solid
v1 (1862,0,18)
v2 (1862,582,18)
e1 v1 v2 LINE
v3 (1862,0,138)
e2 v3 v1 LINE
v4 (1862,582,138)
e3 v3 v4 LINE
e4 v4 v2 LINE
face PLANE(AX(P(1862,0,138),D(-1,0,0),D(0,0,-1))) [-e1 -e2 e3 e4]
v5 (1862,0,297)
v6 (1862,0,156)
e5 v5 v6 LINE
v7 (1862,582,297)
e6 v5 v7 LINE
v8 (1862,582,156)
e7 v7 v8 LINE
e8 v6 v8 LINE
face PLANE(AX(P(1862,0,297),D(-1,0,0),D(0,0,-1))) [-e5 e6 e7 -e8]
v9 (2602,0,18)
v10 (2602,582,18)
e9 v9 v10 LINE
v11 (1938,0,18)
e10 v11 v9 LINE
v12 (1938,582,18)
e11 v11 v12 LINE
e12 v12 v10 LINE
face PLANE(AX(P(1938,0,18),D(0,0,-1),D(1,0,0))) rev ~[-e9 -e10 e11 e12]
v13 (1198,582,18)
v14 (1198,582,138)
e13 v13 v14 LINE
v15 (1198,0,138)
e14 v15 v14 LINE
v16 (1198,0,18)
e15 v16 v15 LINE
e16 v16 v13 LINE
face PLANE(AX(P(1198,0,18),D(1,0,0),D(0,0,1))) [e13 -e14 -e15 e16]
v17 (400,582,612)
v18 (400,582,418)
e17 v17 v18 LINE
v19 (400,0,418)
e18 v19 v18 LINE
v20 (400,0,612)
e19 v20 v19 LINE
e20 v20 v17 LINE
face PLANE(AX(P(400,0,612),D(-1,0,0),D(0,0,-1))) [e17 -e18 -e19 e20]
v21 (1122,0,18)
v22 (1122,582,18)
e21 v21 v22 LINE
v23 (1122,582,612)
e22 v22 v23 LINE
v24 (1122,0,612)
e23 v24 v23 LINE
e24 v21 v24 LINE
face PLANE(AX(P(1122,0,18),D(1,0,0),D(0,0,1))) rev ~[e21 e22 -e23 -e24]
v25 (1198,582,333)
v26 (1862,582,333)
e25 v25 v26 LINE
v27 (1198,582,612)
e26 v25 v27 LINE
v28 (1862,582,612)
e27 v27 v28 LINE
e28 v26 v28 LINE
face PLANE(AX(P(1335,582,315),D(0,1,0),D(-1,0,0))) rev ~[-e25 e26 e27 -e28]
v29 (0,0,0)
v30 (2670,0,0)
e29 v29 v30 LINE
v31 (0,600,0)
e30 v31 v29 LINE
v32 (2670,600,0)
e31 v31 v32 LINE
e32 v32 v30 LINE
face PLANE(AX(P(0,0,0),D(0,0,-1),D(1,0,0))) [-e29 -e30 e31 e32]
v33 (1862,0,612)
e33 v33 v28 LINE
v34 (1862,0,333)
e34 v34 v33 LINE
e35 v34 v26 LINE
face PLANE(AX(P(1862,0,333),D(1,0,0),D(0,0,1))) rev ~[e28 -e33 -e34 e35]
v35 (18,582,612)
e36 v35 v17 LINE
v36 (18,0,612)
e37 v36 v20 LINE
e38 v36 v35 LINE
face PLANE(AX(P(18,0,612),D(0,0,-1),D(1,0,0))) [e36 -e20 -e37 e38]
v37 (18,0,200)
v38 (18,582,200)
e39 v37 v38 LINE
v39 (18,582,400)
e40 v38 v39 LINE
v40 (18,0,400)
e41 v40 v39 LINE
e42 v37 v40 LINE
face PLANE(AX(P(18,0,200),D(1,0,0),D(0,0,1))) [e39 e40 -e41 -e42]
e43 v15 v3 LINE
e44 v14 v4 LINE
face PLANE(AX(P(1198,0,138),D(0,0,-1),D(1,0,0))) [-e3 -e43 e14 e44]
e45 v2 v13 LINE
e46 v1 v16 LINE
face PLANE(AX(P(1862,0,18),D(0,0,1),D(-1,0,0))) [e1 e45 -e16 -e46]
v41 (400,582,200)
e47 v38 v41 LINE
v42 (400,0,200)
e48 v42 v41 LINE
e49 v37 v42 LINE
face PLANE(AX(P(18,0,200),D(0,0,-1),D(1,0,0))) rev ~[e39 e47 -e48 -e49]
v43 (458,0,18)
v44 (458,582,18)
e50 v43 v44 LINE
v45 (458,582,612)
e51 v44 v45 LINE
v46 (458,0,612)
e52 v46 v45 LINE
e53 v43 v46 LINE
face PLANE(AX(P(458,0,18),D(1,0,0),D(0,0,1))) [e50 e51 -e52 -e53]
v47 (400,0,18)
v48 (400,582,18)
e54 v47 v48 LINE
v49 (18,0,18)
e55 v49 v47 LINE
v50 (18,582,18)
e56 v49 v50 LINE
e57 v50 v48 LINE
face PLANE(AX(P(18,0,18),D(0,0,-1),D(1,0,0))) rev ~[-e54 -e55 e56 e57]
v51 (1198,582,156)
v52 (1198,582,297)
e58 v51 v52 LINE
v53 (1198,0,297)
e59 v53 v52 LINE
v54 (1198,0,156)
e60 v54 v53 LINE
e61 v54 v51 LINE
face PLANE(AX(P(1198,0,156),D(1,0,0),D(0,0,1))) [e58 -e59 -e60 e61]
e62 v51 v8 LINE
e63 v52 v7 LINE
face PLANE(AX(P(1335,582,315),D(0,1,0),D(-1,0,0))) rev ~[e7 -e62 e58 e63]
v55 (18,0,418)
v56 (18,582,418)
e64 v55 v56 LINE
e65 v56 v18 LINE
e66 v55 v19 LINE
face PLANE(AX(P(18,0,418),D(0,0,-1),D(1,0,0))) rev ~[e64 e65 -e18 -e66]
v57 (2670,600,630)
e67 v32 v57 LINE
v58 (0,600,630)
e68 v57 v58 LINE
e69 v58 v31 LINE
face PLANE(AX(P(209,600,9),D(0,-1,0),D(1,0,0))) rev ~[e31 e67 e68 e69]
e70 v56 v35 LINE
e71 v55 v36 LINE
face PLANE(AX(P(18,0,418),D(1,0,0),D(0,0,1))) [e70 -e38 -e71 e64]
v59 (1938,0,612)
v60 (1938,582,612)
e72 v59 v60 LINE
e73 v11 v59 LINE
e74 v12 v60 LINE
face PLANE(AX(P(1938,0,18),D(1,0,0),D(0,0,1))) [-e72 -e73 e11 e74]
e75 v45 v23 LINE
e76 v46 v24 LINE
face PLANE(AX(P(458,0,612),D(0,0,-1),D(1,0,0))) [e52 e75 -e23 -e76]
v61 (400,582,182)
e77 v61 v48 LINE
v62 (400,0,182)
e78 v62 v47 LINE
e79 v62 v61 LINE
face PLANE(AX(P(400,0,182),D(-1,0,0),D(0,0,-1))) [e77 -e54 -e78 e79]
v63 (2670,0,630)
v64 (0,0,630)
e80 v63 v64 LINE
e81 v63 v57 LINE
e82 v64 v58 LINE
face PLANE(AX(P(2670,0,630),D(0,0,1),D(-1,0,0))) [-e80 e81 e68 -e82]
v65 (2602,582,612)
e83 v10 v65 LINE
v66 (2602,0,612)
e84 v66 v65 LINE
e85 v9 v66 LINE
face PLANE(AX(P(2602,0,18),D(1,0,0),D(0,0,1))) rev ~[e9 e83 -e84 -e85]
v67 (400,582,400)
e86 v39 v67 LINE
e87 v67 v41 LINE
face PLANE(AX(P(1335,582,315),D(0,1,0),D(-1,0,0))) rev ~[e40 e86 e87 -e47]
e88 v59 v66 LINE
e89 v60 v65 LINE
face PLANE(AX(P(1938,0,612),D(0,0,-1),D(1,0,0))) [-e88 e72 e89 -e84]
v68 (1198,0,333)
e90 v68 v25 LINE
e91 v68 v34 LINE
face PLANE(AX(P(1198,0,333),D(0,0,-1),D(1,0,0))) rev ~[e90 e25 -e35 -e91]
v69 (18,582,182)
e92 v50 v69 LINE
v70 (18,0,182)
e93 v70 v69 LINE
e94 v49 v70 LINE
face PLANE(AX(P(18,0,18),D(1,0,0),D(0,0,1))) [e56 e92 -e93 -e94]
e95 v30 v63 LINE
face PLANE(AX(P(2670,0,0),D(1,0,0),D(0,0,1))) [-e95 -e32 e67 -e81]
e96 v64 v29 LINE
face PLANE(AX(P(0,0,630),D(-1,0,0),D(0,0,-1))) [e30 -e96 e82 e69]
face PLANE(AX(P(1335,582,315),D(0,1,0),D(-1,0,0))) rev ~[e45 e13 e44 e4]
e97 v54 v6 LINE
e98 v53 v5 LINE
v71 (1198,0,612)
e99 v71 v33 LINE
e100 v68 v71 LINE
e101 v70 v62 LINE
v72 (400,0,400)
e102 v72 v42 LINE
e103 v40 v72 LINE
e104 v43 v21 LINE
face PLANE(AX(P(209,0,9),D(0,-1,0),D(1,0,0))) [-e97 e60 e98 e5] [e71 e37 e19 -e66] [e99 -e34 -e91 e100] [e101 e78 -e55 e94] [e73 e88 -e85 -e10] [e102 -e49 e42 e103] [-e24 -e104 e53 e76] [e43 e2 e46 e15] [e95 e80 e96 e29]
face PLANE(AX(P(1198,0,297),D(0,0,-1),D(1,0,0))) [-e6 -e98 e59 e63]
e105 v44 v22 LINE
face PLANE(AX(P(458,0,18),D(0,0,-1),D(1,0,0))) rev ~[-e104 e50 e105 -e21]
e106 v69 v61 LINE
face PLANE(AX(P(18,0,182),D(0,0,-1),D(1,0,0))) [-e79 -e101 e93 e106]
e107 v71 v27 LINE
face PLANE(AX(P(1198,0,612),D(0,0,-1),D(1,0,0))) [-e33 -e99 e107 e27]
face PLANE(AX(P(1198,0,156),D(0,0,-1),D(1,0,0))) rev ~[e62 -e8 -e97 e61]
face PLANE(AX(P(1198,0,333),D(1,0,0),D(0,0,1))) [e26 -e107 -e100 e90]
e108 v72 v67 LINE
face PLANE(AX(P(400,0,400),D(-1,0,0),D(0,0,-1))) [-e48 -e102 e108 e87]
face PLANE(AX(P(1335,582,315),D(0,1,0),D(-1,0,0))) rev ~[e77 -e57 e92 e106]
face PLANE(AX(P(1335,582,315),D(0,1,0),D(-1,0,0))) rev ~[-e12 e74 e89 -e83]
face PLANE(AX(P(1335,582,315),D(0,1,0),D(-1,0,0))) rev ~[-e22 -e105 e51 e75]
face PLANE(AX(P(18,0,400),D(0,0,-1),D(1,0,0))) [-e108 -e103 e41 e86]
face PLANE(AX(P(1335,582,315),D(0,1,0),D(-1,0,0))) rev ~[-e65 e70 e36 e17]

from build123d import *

# Parameters (mm, degrees)
F0_W     = 382
F0_H     = 18
F0_W_2   = 700
F0_H_2   = 630
F0_W_3   = 664
F0_H_3   = 594
F0_H_4   = 315
F0_H_5   = 279
F0_W_4   = 50
F1_DEPTH = 600
F2_W     = 2670
F2_H     = 630
F3_DEPTH = 18


with BuildPart() as f1:
    # F0 (on Front) → F1 (new body)
    with BuildSketch(Plane.XZ):
        with Locations((209, 9)):
            Rectangle(F0_W, F0_H)
        Polygon((0, 630), (0, 0), (18, 0), (18, 18), (18, 182), (18, 200), (18, 400), (18, 418), (18, 612), (400, 612), (400, 418), (400, 400), (400, 200), (400, 182), (400, 18), (400, 0), (440, 0), (440, 630), (400, 630), align=None)
        with Locations((790, 315)):
            Rectangle(F0_W_2, F0_H_2)
        with Locations((790, 315)):
            Rectangle(F0_W_3, F0_H_3, mode=Mode.SUBTRACT)
        Polygon((1140, 630), (1140, 0), (1180, 0), (1180, 315), (1180, 630), align=None)
        with Locations((1530, 472.5)):
            Rectangle(F0_W_2, F0_H_4)
        with Locations((1530, 472.5)):
            Rectangle(F0_W_3, F0_H_5, mode=Mode.SUBTRACT)
        with Locations((1530, 157.5)):
            Rectangle(F0_W_2, F0_H_4)
        Polygon((1198, 297), (1862, 297), (1862, 156), (1862, 138), (1862, 18), (1198, 18), (1198, 138), (1198, 156), align=None, mode=Mode.SUBTRACT)
        Polygon((1880, 315), (1880, 0), (1920, 0), (1920, 315), (1920, 630), (1880, 630), align=None)
        Polygon((1920, 315), (1920, 0), (2620, 0), (2620, 630), (1920, 630), align=None)
        with Locations((2270, 315)):
            Rectangle(F0_W_3, F0_H_3, mode=Mode.SUBTRACT)
        with Locations((2645, 315)):
            Rectangle(F0_W_4, F0_H_2)
        with Locations((209, 191)):
            Rectangle(F0_W, F0_H)
        with Locations((209, 409)):
            Rectangle(F0_W, F0_H)
        with Locations((1530, 147)):
            Rectangle(F0_W_3, F0_H)
    extrude(amount=-F1_DEPTH)

    # F2 (on face) → F3 (join)
    with BuildSketch(Plane(origin=(0, 600, 0), x_dir=(-1, 0, 0), z_dir=(0, 1, 0))):
        with Locations((-1335, 315)):
            Rectangle(F2_W, F2_H)
    extrude(amount=-F3_DEPTH)


solid = f1.part
